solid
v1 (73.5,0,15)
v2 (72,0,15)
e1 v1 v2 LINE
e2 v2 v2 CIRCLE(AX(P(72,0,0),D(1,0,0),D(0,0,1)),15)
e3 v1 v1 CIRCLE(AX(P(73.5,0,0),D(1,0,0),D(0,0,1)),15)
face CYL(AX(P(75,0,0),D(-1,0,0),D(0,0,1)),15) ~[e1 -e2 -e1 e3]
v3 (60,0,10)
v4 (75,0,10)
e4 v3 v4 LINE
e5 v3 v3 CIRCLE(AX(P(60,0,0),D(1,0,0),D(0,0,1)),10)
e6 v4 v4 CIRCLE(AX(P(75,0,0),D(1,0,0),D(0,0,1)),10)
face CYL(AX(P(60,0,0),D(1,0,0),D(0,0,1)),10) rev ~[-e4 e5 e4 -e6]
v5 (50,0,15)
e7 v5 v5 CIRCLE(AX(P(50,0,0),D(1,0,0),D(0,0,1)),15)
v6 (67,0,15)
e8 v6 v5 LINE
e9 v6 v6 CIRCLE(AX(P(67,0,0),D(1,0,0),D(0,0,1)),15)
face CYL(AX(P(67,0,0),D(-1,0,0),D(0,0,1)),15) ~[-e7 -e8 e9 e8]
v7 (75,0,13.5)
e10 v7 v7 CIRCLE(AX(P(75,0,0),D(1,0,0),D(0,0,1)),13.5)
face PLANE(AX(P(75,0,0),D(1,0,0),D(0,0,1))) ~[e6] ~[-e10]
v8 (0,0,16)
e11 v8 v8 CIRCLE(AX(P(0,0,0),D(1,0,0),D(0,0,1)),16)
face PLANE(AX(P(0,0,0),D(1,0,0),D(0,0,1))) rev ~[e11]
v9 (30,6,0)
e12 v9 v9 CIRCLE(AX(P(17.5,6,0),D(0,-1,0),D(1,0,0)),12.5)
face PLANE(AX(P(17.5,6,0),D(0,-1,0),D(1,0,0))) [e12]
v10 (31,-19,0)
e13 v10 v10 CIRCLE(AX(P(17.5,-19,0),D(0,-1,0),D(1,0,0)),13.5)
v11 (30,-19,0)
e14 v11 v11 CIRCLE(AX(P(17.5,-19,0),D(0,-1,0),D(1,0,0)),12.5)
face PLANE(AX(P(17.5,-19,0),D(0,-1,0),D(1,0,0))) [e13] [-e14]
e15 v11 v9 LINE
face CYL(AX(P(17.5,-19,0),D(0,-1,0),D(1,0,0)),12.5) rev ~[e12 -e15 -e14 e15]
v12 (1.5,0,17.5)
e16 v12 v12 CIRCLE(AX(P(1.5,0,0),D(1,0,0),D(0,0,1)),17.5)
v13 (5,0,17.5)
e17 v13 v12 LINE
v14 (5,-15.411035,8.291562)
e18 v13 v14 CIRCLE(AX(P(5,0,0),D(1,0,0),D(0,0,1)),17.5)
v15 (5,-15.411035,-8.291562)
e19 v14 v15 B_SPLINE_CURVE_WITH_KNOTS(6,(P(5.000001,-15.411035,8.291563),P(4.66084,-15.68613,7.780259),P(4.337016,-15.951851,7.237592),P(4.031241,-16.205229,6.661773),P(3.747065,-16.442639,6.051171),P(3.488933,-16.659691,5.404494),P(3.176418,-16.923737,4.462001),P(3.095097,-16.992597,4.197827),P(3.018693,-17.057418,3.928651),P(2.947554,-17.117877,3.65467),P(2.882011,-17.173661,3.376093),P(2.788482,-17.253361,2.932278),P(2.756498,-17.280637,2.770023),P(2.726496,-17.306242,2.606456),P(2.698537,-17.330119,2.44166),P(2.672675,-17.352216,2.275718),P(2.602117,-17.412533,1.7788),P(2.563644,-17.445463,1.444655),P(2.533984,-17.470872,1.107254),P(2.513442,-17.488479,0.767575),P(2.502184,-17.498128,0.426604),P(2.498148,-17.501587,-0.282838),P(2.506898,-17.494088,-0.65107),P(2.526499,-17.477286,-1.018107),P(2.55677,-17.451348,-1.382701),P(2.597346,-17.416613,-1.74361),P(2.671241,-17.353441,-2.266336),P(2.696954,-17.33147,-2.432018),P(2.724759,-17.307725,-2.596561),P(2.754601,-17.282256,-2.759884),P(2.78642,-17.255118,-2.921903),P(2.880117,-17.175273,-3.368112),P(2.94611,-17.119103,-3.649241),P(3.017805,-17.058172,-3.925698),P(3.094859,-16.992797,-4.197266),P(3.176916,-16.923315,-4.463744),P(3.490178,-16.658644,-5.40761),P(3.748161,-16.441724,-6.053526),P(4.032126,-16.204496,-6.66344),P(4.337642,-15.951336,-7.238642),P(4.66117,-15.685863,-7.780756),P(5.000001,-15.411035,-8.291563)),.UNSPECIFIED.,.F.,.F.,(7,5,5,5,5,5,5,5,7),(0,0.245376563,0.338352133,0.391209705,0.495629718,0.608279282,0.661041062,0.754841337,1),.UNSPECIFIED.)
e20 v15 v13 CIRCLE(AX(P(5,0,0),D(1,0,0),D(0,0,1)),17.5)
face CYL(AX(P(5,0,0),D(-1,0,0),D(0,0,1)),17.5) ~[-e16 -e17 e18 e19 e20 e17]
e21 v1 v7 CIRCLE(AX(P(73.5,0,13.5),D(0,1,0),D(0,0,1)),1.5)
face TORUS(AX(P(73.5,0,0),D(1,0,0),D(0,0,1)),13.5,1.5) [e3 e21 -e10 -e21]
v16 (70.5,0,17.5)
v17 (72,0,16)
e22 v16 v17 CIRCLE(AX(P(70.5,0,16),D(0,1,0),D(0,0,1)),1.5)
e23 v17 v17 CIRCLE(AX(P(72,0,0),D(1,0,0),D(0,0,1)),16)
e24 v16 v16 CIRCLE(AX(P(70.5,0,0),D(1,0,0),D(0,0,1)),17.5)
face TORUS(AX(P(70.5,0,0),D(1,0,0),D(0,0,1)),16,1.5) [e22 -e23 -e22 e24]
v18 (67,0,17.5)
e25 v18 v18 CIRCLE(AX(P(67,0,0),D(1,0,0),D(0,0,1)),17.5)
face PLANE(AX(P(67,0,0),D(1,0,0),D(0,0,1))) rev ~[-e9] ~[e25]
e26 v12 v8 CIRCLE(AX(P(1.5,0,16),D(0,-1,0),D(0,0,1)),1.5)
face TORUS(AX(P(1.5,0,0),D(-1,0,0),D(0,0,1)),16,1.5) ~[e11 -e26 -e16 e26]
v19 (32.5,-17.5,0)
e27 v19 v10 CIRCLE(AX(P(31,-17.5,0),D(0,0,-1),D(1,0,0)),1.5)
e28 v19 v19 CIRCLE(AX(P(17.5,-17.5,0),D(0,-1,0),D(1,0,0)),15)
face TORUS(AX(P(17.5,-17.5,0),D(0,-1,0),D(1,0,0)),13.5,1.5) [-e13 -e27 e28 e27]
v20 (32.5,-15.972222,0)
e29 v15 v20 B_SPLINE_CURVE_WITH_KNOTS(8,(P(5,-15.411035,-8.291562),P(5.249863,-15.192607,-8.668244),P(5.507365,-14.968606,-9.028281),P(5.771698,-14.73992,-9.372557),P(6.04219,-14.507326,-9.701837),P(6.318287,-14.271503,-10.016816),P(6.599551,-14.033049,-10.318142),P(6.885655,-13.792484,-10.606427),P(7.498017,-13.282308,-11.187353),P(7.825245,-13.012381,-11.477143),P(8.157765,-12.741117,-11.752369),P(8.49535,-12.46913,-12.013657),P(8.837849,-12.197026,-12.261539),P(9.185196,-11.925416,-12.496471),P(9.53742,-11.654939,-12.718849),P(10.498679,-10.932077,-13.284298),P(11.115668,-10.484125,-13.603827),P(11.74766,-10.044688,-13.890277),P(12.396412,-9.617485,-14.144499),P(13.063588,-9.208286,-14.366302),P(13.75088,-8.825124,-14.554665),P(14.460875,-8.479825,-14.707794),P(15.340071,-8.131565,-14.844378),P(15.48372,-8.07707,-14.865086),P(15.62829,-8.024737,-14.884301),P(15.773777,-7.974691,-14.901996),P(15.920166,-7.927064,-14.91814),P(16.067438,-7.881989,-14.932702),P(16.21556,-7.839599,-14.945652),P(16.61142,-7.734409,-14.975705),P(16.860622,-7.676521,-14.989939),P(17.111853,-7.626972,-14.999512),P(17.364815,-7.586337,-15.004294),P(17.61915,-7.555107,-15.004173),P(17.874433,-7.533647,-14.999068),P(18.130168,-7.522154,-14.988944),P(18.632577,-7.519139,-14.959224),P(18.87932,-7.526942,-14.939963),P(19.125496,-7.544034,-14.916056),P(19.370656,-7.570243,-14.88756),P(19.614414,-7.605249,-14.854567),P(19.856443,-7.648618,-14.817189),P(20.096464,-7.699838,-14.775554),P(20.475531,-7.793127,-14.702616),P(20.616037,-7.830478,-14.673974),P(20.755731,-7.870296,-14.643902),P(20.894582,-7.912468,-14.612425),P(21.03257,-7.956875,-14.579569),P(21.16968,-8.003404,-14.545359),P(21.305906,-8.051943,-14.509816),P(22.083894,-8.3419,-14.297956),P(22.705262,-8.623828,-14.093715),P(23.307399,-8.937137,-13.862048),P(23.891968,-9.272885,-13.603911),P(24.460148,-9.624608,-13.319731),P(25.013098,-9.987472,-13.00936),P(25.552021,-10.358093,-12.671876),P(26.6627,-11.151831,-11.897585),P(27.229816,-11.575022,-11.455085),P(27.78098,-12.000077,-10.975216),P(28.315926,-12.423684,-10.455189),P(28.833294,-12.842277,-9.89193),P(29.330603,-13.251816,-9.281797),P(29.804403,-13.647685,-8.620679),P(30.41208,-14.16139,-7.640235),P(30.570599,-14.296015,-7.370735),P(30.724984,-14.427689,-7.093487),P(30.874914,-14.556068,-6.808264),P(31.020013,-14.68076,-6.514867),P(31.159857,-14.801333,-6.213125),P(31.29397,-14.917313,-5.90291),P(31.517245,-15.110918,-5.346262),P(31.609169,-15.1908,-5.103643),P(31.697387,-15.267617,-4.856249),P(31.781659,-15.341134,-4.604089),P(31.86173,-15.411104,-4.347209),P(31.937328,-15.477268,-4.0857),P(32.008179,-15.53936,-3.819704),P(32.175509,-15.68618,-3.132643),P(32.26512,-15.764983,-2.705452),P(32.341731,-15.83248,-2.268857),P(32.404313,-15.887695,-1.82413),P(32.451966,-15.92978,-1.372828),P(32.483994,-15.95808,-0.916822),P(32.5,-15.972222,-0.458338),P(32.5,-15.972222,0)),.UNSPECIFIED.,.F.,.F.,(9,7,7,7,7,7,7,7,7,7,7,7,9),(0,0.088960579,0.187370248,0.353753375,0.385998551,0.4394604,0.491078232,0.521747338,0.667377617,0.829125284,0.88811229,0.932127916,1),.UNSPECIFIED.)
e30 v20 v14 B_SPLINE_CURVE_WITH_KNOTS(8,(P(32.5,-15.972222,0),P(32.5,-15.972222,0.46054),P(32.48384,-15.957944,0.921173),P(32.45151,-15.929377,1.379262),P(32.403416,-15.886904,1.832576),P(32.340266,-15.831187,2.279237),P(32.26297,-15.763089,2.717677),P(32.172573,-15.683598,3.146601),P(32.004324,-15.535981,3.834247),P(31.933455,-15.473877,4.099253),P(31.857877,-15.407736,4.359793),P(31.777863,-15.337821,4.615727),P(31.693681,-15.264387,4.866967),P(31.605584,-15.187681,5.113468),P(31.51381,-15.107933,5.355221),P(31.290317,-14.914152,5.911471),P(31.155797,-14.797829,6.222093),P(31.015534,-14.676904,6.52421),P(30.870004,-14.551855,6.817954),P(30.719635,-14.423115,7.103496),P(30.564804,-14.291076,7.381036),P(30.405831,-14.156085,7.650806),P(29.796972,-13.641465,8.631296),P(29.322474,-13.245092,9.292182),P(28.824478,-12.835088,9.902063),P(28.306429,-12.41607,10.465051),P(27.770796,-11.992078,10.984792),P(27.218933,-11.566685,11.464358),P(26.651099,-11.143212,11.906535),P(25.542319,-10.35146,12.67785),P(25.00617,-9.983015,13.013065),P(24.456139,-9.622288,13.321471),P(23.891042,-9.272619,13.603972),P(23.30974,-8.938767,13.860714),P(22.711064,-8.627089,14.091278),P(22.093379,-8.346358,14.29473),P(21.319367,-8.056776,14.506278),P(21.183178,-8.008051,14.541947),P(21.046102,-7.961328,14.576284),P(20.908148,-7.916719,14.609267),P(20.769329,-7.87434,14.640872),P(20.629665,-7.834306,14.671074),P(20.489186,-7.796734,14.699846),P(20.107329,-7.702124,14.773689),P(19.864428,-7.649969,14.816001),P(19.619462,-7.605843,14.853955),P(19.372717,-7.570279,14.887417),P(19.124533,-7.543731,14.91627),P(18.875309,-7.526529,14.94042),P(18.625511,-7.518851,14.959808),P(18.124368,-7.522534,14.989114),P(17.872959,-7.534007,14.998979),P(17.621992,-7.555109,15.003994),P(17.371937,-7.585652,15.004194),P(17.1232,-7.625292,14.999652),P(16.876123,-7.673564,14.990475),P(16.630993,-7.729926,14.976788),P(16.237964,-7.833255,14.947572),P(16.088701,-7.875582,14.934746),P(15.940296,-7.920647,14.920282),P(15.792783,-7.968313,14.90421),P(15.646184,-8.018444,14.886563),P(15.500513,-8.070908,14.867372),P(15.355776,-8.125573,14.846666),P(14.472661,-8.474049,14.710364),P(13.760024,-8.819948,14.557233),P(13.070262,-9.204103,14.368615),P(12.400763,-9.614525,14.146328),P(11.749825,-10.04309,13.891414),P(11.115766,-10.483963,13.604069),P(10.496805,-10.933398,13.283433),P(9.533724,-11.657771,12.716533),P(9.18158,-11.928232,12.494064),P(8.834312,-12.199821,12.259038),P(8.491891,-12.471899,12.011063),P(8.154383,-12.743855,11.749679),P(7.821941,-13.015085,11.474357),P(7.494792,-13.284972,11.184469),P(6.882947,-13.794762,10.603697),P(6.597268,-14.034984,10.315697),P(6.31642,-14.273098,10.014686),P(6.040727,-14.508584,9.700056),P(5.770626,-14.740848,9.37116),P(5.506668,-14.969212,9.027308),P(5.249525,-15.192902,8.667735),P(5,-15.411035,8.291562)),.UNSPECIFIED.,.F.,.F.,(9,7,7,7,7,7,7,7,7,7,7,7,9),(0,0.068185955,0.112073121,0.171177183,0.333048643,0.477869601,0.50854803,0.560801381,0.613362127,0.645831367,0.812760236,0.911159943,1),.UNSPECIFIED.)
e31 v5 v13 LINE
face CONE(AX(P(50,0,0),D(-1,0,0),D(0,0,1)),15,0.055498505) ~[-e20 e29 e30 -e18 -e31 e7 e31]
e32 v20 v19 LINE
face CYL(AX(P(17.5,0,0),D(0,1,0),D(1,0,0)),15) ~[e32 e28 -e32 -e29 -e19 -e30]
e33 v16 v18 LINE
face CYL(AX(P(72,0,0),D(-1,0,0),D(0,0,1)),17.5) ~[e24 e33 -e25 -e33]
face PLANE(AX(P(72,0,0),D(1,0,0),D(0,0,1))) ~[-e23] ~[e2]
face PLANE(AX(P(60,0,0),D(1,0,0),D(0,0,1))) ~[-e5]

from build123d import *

# Parameters (mm, degrees)
F2_R     = 15
F3_DEPTH = 19
F4_R     = 12.5
F5_DEPTH = 25
F6_R     = 1.5
F7_R     = 1.5


with BuildPart() as f1:
    # F0 (on Front) → F1 (revolve)
    with BuildSketch(Plane.XZ):
        Polygon((0, 17.5), (0, 0), (60, 0), (60, 10), (75, 10), (75, 15), (72, 15), (72, 17.5), (67, 17.5), (67, 15), (50, 15), (5, 17.5), align=None)
    revolve(axis=Axis((30, 0, 0), (1, 0, 0)))

    # F2 (on Front) → F3 (join)
    with BuildSketch(Plane.XZ):
        with Locations((17.5, 0)):
            Circle(F2_R)
    extrude(amount=F3_DEPTH)

    # F4 (on face) → F5 (cut)
    with BuildSketch(Plane.XZ.offset(19)):
        with Locations((17.5, 0)):
            Circle(F4_R)
    extrude(amount=-F5_DEPTH, mode=Mode.SUBTRACT)

    # F6
    f6_edges = [f1.edges().sort_by_distance(p)[0] for p in [
        (72, 0, -17.5),
        (75, 0, -15),
        (0, 0, -17.5),
    ]]
    fillet(f6_edges, radius=F6_R)

    # F7
    f7_edges = [f1.edges().sort_by_distance(p)[0] for p in [
        (2.5, -19, 0),
    ]]
    fillet(f7_edges, radius=F7_R)


solid = f1.part
